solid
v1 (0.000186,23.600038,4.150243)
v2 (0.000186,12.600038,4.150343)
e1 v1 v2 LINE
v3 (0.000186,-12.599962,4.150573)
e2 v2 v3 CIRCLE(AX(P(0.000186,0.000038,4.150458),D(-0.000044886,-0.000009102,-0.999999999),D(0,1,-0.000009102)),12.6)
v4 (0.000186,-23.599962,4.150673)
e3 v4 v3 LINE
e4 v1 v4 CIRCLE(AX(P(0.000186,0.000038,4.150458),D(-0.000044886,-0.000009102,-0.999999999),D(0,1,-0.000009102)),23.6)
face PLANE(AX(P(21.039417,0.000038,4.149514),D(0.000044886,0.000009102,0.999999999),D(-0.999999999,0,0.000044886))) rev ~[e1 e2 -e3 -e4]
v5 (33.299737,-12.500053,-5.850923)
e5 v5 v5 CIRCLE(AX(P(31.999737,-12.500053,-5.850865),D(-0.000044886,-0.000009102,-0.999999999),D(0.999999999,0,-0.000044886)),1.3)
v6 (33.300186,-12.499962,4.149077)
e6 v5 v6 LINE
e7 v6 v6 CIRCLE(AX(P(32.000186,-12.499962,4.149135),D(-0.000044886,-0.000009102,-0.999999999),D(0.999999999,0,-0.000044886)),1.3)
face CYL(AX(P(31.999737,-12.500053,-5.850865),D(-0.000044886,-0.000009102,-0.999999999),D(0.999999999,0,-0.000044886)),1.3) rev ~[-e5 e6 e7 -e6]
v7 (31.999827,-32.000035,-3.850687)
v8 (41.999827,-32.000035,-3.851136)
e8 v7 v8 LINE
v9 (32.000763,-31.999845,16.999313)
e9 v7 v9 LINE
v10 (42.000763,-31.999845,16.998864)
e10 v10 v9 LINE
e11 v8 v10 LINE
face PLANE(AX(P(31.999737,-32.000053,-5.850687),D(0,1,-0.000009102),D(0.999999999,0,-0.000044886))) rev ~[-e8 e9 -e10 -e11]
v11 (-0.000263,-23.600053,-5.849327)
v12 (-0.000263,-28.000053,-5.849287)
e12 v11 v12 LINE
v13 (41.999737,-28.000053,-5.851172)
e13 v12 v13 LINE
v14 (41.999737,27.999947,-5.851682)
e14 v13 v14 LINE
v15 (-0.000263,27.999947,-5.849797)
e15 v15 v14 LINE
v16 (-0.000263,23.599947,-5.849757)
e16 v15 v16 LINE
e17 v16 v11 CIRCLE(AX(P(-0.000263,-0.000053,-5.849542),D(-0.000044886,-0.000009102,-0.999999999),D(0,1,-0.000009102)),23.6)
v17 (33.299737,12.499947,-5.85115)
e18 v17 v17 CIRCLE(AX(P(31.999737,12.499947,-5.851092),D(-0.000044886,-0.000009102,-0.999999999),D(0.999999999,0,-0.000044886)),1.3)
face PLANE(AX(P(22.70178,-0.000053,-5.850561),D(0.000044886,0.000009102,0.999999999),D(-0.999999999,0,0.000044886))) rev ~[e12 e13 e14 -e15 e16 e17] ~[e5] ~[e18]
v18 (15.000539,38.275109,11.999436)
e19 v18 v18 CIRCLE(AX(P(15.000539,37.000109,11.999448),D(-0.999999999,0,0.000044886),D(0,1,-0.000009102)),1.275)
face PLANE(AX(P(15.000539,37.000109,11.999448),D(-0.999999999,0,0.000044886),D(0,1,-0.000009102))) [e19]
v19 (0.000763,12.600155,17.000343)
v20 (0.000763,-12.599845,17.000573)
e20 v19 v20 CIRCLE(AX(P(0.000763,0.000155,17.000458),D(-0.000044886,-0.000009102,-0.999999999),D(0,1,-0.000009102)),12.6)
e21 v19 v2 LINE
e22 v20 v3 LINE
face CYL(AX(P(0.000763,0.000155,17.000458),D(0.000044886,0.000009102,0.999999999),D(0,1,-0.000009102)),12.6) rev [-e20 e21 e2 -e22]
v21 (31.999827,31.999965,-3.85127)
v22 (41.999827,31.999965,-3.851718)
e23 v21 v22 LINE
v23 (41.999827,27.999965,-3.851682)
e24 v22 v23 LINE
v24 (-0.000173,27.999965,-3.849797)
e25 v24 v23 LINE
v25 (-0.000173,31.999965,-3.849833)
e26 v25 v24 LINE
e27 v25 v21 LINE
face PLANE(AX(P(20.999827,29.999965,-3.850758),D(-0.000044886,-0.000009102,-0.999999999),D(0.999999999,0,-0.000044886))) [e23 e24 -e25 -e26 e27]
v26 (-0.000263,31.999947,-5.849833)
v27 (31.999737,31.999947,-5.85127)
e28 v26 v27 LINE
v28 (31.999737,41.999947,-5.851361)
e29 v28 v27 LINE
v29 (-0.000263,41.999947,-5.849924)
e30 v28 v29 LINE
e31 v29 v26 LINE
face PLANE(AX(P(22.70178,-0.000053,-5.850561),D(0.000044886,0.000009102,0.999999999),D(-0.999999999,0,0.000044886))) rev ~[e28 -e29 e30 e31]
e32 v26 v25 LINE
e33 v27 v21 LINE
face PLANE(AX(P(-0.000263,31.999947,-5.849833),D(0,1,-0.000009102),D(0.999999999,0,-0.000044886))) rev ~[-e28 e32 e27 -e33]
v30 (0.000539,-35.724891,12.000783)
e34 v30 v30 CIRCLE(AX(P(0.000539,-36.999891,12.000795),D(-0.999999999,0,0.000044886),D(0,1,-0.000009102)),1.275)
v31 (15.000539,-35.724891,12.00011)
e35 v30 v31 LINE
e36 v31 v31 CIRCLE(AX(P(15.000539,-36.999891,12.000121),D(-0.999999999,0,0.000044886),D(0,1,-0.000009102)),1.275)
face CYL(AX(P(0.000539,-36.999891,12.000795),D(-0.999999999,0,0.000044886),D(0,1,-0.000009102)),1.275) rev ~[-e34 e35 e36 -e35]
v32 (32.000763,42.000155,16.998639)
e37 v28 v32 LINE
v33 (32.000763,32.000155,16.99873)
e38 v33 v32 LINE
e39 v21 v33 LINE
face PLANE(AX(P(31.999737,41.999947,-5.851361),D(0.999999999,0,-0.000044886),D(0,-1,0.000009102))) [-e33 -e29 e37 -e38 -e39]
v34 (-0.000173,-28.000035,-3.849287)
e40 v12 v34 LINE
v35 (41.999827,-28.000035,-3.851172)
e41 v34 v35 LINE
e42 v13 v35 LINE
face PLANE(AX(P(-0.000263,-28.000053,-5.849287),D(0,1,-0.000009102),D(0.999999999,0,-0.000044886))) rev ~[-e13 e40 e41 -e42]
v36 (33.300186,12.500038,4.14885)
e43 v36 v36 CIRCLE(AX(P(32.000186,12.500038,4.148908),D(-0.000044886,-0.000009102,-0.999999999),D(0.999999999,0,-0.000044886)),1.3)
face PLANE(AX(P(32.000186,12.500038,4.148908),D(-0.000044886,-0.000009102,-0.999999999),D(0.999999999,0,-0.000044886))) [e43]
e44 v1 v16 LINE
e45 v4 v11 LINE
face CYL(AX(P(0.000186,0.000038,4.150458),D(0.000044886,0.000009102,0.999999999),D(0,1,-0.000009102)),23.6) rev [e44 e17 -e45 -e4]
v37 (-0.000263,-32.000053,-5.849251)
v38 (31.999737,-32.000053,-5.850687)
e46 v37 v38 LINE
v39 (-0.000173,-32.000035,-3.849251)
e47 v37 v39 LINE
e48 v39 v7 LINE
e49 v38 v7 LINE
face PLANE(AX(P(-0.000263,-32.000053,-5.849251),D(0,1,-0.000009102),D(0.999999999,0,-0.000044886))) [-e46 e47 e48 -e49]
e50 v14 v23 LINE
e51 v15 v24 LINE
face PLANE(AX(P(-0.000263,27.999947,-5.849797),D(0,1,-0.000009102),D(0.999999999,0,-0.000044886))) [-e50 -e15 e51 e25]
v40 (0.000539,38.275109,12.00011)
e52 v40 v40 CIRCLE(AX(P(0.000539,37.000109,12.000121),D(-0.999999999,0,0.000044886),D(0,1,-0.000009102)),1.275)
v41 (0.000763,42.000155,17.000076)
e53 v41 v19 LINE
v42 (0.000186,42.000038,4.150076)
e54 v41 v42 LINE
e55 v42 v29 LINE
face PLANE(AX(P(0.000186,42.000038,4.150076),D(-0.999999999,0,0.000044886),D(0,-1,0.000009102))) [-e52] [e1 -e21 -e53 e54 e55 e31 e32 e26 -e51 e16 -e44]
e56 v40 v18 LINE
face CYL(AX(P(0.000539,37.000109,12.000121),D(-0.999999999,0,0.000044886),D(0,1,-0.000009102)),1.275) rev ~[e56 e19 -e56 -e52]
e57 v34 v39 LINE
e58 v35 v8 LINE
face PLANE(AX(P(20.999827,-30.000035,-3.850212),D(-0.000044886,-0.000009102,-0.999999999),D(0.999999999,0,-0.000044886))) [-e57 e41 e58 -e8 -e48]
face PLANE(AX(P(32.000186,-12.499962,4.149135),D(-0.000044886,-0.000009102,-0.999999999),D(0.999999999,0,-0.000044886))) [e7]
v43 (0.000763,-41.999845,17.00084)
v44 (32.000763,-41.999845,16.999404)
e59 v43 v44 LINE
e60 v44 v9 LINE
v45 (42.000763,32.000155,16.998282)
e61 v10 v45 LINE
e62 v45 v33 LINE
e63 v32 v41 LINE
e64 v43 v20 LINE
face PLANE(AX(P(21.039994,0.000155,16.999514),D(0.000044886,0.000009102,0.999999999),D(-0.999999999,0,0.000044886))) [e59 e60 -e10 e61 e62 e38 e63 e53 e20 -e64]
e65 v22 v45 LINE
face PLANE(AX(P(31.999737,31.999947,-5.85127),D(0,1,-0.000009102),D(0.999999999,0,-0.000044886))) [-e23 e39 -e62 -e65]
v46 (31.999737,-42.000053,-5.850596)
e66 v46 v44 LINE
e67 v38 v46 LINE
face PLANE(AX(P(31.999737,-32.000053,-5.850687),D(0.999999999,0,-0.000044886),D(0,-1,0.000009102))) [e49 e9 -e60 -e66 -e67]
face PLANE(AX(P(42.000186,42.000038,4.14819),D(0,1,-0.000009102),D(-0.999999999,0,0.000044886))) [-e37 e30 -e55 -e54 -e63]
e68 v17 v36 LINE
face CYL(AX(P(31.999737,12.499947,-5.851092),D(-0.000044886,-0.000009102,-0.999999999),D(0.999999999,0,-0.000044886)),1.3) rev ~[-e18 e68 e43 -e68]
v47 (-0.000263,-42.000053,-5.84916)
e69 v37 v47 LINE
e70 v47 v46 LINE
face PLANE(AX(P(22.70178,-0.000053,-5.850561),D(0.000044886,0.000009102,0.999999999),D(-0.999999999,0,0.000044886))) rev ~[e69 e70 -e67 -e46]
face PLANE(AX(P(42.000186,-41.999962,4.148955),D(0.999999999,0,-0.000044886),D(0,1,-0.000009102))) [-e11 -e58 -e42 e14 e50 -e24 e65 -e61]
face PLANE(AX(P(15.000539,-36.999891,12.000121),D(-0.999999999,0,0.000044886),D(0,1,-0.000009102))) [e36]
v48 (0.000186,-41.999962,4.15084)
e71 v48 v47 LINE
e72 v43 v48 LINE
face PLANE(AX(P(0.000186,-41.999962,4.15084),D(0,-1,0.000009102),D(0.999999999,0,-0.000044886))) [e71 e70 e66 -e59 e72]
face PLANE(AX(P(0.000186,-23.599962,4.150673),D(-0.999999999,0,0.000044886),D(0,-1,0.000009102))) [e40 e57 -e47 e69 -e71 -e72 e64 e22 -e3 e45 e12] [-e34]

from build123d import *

# Parameters (mm, degrees)
PAD008_DEPTH    = 12.85
PAD009_DEPTH    = 10
SKETCH021_R     = 1.275
POCKET006_DEPTH = 15
SKETCH022_W     = 42
SKETCH022_H     = 4
POCKET007_DEPTH = 2
SKETCH027_R     = 1.3
POCKET011_DEPTH = 10
SKETCH028_W     = 10
SKETCH028_H     = 10
POCKET012_DEPTH = 22.8536497878


with BuildPart() as part:
    # Sketch012 (on DatumPlane) → Pad008 (new body)
    with BuildSketch(Plane(origin=(0.0007630761, 0.000154743, 17.0004579694), x_dir=(0.999999999, -4e-10, -4.48856e-05), z_dir=(-4.48856e-05, -9.1023e-06, -0.999999999))):
        with BuildLine():
            Line((0, 42), (42, 42))
            Line((42, 42), (42, -42))
            Line((42, -42), (0, -42))
            Line((0, -42), (0, -12.6))
            ThreePointArc((0, -12.6), (12.6, 0), (0, 12.6))
            Line((0, 42), (0, 12.6))
        make_face()
    extrude(amount=PAD008_DEPTH)

    # Sketch013 (on Face8 of Pad008) → Pad009 (join)
    with BuildSketch(Plane(origin=(0.0001862959, 3.77787e-05, 4.1504579829), x_dir=(0.999999999, -4e-10, -4.48856e-05), z_dir=(-4.48856e-05, -9.1023e-06, -0.999999999))):
        with BuildLine():
            ThreePointArc((0, -23.6), (23.6, 0), (0, 23.6))
            Line((0, 23.6), (0, 42))
            Line((0, 42), (42, 42))
            Line((42, 42), (42, -42))
            Line((42, -42), (0, -42))
            Line((0, -42), (0, -23.6))
        make_face()
    extrude(amount=PAD009_DEPTH)

    # Sketch021 (on Face7 of Pad009) → Pocket006 (cut)
    with BuildSketch(Plane(origin=(0.0007630761, 0.000154743, 17.0004579694), x_dir=(0, 1, -9.1023e-06), z_dir=(-0.999999999, 4e-10, 4.48856e-05))):
        with Locations((-37, 5)):
            Circle(SKETCH021_R)
        with Locations((37, 5)):
            Circle(SKETCH021_R)
    extrude(amount=-POCKET006_DEPTH, mode=Mode.SUBTRACT)

    # Sketch022 (on Face8 of Pocket006) → Pocket007 (cut)
    with BuildSketch(Plane(origin=(-0.0002625603, -5.32442e-05, -5.8495420067), x_dir=(0.999999999, -4e-10, -4.48856e-05), z_dir=(-4.48856e-05, -9.1023e-06, -0.999999999))):
        with Locations((21, 30)):
            Rectangle(SKETCH022_W, SKETCH022_H)
        with Locations((21, -30)):
            Rectangle(SKETCH022_W, SKETCH022_H)
    extrude(amount=-POCKET007_DEPTH, mode=Mode.SUBTRACT)

    # Sketch027 (on Face13 of Pocket007) → Pocket011 (cut)
    with BuildSketch(Plane(origin=(-0.0002625603, -5.32442e-05, -5.8495420067), x_dir=(0.999999999, -4e-10, -4.48856e-05), z_dir=(-4.48856e-05, -9.1023e-06, -0.999999999))):
        with Locations((32, 12.5)):
            Circle(SKETCH027_R)
        with Locations((32, -12.5)):
            Circle(SKETCH027_R)
    extrude(amount=-POCKET011_DEPTH, mode=Mode.SUBTRACT)

    # Sketch028 (on Face9 of Pocket011) → Pocket012 (cut, through all)
    with BuildSketch(Plane(origin=(-0.0002625603, -5.32442e-05, -5.8495420067), x_dir=(0.999999999, -4e-10, -4.48856e-05), z_dir=(-4.48856e-05, -9.1023e-06, -0.999999999))):
        with Locations((37, -37)):
            Rectangle(SKETCH028_W, SKETCH028_H)
        with Locations((37, 37)):
            Rectangle(SKETCH028_W, SKETCH028_H)
    extrude(amount=-POCKET012_DEPTH, mode=Mode.SUBTRACT)


solid = part.part
